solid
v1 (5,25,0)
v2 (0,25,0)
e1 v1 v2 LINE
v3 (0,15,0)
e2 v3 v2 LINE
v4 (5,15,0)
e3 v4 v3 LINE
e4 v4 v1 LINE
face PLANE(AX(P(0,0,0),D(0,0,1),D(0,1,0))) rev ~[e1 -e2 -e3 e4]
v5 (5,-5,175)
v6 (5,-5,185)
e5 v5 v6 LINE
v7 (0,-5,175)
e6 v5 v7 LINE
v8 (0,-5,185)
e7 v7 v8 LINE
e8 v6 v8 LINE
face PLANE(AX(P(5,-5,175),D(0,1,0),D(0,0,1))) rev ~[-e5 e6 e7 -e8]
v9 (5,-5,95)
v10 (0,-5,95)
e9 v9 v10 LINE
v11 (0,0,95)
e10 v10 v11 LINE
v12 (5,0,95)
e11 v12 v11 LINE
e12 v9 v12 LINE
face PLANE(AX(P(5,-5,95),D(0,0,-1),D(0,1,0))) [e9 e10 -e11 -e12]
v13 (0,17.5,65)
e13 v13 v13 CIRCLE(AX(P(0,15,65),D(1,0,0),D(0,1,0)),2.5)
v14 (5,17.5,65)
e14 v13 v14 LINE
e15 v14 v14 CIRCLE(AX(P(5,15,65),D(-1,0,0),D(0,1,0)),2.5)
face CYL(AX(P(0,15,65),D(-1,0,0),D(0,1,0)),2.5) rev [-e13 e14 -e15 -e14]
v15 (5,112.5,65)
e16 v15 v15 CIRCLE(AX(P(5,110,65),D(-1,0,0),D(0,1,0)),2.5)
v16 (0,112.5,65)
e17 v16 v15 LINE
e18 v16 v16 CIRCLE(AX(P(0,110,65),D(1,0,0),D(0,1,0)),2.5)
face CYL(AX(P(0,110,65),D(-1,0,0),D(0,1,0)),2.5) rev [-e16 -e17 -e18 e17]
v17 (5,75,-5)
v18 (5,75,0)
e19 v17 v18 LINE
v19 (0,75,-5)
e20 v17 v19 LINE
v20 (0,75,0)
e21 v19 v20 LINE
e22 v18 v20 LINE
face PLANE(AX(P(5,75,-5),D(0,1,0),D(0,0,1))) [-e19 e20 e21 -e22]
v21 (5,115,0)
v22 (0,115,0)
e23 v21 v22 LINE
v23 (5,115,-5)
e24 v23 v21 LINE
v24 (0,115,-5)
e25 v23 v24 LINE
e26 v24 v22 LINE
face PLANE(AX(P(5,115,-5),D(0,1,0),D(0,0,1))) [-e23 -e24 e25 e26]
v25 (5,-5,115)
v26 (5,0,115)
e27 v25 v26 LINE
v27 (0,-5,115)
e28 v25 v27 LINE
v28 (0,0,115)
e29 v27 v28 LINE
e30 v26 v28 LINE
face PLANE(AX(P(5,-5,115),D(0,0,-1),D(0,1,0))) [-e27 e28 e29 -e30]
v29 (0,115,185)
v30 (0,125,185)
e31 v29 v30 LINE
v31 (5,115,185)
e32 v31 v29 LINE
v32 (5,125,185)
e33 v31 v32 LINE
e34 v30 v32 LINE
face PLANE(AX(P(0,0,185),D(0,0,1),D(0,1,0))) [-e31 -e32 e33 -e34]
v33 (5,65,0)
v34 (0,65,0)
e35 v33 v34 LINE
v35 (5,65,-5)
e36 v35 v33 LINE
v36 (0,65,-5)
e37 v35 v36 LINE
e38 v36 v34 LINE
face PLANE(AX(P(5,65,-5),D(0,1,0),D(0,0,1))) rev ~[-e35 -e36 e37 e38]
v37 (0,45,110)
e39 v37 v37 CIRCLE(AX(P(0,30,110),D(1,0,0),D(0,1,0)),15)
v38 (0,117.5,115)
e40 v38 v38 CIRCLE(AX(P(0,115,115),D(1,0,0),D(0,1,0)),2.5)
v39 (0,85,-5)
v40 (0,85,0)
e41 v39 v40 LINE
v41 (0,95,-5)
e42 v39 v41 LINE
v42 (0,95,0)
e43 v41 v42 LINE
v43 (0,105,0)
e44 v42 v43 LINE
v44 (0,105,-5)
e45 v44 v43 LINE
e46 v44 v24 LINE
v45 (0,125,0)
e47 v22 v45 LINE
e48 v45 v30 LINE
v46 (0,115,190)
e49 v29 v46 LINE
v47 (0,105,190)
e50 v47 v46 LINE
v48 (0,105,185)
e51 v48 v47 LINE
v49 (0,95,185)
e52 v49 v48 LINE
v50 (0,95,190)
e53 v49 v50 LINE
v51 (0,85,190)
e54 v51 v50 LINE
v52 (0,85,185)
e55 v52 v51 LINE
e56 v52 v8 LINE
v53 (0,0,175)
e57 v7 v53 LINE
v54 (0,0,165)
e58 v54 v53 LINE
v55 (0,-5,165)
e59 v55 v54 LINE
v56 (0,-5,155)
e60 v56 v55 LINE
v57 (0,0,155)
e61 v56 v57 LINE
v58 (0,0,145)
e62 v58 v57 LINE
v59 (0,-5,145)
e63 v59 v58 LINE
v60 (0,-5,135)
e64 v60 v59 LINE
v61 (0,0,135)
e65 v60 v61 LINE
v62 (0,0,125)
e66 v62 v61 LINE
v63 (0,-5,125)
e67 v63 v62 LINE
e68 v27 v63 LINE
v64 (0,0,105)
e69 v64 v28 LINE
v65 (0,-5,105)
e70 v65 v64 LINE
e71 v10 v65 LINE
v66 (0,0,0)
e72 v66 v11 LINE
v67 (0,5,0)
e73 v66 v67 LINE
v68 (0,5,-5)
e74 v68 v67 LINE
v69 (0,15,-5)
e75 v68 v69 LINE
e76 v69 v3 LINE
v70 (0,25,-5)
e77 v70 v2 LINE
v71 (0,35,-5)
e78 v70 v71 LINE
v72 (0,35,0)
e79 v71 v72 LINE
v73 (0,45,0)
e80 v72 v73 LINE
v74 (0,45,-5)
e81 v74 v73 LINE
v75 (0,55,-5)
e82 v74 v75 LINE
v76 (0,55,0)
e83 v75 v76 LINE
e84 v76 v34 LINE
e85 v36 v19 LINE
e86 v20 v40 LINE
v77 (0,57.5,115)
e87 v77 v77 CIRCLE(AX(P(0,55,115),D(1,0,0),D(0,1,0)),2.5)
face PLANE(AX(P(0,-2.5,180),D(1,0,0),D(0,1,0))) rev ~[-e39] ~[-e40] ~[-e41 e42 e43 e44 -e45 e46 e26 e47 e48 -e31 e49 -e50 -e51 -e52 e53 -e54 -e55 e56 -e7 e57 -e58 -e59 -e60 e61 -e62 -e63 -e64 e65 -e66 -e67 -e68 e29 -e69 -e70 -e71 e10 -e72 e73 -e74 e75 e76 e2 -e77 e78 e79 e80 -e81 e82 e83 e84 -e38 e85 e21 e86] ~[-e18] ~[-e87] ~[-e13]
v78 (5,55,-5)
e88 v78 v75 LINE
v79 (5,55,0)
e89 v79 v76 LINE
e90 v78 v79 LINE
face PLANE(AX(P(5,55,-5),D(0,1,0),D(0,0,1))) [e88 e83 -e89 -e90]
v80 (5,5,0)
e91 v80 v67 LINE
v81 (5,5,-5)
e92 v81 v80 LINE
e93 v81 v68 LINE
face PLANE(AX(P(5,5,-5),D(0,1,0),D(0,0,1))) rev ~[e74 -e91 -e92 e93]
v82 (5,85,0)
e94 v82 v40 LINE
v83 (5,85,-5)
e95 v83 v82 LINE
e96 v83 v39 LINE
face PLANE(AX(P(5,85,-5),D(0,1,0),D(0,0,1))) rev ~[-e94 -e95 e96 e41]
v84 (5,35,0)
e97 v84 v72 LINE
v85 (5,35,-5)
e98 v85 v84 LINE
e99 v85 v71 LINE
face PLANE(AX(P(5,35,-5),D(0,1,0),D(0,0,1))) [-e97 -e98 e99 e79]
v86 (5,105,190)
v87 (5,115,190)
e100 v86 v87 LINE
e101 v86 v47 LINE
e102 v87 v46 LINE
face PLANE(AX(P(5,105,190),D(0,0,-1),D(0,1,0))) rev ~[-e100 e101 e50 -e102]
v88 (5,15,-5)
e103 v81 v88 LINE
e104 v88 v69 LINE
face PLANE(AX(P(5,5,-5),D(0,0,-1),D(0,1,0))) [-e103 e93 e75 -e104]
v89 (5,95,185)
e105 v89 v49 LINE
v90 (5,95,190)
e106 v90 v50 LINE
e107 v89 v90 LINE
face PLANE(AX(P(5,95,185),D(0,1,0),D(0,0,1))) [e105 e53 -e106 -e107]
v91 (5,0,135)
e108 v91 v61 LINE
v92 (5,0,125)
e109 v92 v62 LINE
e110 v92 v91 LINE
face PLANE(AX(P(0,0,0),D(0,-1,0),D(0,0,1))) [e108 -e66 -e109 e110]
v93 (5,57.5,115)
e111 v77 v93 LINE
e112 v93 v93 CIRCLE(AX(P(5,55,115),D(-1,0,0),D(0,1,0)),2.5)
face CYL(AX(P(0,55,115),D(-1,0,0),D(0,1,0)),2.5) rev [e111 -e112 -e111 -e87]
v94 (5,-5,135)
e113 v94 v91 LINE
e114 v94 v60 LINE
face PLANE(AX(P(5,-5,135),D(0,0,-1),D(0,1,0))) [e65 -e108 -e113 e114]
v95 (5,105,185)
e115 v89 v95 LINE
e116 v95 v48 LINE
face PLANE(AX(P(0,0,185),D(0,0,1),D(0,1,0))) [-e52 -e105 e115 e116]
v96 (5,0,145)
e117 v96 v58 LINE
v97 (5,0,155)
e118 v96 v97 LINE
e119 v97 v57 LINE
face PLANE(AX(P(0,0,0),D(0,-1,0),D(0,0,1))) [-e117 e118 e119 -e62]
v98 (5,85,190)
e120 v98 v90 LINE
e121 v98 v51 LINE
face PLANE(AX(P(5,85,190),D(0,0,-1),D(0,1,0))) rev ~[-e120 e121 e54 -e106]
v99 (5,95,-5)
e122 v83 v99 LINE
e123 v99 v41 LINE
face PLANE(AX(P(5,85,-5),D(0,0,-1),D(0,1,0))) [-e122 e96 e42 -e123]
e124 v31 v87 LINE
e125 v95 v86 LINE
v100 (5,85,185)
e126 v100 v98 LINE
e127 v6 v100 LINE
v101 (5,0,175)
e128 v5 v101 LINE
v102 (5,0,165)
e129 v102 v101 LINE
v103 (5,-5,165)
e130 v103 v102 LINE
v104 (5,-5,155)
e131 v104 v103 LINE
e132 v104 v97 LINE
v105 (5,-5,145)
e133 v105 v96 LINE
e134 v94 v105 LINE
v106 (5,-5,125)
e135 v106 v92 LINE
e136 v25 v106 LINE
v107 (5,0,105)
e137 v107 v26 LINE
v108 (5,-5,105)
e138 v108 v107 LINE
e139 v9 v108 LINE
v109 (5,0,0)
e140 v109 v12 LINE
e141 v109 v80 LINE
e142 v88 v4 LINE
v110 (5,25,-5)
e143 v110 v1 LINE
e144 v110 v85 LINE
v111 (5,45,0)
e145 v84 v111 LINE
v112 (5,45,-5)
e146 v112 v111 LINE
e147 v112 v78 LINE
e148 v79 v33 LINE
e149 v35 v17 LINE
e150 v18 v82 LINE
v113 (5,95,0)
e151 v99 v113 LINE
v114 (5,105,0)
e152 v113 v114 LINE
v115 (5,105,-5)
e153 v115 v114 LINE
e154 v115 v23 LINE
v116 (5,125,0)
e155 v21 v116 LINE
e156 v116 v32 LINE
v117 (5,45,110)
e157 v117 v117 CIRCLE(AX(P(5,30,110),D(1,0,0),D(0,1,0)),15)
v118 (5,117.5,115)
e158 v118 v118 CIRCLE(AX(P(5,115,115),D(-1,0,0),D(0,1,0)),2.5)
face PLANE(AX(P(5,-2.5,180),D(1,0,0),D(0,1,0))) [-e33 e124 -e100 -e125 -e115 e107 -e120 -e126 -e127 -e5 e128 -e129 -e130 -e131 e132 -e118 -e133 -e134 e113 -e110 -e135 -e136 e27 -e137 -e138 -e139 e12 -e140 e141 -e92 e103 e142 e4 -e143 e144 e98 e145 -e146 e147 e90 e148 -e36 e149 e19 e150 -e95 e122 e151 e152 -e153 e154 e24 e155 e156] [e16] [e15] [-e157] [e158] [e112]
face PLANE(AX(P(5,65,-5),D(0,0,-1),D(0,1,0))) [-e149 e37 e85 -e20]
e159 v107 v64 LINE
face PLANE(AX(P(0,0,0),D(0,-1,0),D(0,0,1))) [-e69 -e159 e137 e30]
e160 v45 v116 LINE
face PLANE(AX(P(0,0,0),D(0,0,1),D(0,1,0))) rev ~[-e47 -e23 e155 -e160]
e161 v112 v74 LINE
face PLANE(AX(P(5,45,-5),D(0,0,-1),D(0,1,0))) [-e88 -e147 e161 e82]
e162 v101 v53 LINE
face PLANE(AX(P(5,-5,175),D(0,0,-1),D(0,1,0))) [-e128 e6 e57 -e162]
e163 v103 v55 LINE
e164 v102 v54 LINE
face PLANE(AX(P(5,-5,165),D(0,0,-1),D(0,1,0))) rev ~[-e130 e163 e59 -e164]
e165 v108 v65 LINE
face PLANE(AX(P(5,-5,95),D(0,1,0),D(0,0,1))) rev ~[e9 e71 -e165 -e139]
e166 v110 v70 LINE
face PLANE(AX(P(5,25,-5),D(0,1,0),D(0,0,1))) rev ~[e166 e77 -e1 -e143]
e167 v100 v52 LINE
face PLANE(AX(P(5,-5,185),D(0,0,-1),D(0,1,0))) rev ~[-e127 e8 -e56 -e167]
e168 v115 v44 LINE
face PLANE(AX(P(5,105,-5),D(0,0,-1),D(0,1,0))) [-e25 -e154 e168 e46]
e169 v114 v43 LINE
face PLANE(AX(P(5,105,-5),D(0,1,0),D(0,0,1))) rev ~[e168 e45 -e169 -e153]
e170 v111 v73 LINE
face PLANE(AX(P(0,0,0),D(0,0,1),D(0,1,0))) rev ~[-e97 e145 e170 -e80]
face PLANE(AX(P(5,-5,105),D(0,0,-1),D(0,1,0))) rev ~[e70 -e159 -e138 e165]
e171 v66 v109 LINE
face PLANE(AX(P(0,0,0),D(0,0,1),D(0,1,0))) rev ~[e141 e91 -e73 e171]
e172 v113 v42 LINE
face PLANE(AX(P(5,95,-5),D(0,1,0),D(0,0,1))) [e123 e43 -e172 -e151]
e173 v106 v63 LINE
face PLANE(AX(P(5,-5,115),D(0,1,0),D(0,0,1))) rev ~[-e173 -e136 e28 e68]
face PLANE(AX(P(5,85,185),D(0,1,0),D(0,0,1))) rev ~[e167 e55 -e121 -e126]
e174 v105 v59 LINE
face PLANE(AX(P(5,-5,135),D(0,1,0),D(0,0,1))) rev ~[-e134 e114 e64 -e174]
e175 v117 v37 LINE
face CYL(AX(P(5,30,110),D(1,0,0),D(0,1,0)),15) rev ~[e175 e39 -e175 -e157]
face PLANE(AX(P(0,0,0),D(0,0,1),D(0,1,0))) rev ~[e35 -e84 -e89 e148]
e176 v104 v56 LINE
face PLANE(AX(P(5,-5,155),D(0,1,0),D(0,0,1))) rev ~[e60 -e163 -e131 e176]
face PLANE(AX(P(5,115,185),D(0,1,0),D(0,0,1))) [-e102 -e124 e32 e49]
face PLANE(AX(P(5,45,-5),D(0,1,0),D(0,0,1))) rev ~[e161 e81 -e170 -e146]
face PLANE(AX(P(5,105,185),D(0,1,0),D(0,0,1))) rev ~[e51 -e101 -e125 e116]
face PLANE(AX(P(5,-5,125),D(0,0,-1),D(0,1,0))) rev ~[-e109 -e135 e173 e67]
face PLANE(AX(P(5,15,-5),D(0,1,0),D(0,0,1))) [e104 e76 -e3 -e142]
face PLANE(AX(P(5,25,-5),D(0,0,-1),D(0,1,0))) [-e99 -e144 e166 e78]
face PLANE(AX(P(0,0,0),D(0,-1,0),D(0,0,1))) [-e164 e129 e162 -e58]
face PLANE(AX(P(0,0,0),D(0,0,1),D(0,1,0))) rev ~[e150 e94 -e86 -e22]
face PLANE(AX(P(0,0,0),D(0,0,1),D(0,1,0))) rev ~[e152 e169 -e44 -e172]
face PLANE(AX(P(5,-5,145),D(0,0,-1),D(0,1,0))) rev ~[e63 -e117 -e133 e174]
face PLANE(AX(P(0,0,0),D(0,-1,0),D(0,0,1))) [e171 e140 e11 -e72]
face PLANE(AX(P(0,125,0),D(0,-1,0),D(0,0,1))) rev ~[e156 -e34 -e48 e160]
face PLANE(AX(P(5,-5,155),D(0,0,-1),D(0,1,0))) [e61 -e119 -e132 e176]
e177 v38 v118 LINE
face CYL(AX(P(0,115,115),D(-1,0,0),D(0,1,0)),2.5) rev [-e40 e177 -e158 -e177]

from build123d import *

# Parameters (mm, degrees)
SKETCH_W             = 125
SKETCH_H             = 185
PAD_DEPTH            = 5
SKETCH001_W          = 10
SKETCH001_H          = 5
PAD001_DEPTH         = 5
SKETCH002_W          = 10
SKETCH002_H          = 5
PAD002_DEPTH         = 5
SKETCH003_W          = 5
SKETCH003_H          = 10
PAD003_DEPTH         = 5
SKETCH004_R          = 15
POCKET_DEPTH         = 5.001
SKETCH005_R          = 2.5
POCKET001_DEPTH      = 0.001
POCKET001_DEPTH_BACK = 5.001
SKETCH006_R          = 2.5
POCKET002_DEPTH      = 0.001
POCKET002_DEPTH_BACK = 5.001


with BuildPart() as part:
    # Sketch → Pad (new body)
    with BuildSketch(Plane.YZ):
        with Locations((62.5, 92.5)):
            Rectangle(SKETCH_W, SKETCH_H)
    extrude(amount=PAD_DEPTH)

    # Sketch001 (on Face6 of Pad) → Pad001 (join)
    with BuildSketch(Plane.YZ.offset(5)):
        with Locations((110, 187.5)):
            Rectangle(SKETCH001_W, SKETCH001_H)
        with Locations((90, 187.5)):
            Rectangle(SKETCH001_W, SKETCH001_H)
    extrude(amount=-PAD001_DEPTH)

    # Sketch002 (on Face14 of Pad001) → Pad002 (join)
    with BuildSketch(Plane.YZ.offset(5)):
        with Locations((10, -2.5)):
            Rectangle(SKETCH002_W, SKETCH002_H)
        with Locations((30, -2.5)):
            Rectangle(SKETCH002_W, SKETCH002_H)
        with Locations((50, -2.5)):
            Rectangle(SKETCH002_W, SKETCH002_H)
        with Locations((70, -2.5)):
            Rectangle(SKETCH002_W, SKETCH002_H)
        with Locations((90, -2.5)):
            Rectangle(SKETCH002_W, SKETCH002_H)
        with Locations((110, -2.5)):
            Rectangle(SKETCH002_W, SKETCH002_H)
    extrude(amount=-PAD002_DEPTH)

    # Sketch003 (on Face38 of Pad002) → Pad003 (join)
    with BuildSketch(Plane.YZ.offset(5)):
        with Locations((-2.5, 180)):
            Rectangle(SKETCH003_W, SKETCH003_H)
        with Locations((-2.5, 160)):
            Rectangle(SKETCH003_W, SKETCH003_H)
        with Locations((-2.5, 140)):
            Rectangle(SKETCH003_W, SKETCH003_H)
        with Locations((-2.5, 120)):
            Rectangle(SKETCH003_W, SKETCH003_H)
        with Locations((-2.5, 100)):
            Rectangle(SKETCH003_W, SKETCH003_H)
    extrude(amount=-PAD003_DEPTH)

    # Sketch004 (on Face55 of Pad003) → Pocket (cut, through all)
    with BuildSketch(Plane.YZ.offset(5)):
        with Locations((30, 110)):
            Circle(SKETCH004_R)
    extrude(amount=-POCKET_DEPTH, mode=Mode.SUBTRACT)

    # Sketch005 → Pocket001 (cut, two sides)
    with BuildSketch(Plane.YZ) as pocket001_sk:
        with Locations((15, 65)):
            Circle(SKETCH005_R)
        with Locations((110, 65)):
            Circle(SKETCH005_R)
    extrude(amount=-POCKET001_DEPTH, mode=Mode.SUBTRACT)
    extrude(pocket001_sk.sketch, amount=POCKET001_DEPTH_BACK, mode=Mode.SUBTRACT)

    # Sketch006 → Pocket002 (cut, two sides)
    with BuildSketch(Plane.YZ) as pocket002_sk:
        with Locations((55, 115)):
            Circle(SKETCH006_R)
        with Locations((115, 115)):
            Circle(SKETCH006_R)
    extrude(amount=-POCKET002_DEPTH, mode=Mode.SUBTRACT)
    extrude(pocket002_sk.sketch, amount=POCKET002_DEPTH_BACK, mode=Mode.SUBTRACT)


solid = part.part
